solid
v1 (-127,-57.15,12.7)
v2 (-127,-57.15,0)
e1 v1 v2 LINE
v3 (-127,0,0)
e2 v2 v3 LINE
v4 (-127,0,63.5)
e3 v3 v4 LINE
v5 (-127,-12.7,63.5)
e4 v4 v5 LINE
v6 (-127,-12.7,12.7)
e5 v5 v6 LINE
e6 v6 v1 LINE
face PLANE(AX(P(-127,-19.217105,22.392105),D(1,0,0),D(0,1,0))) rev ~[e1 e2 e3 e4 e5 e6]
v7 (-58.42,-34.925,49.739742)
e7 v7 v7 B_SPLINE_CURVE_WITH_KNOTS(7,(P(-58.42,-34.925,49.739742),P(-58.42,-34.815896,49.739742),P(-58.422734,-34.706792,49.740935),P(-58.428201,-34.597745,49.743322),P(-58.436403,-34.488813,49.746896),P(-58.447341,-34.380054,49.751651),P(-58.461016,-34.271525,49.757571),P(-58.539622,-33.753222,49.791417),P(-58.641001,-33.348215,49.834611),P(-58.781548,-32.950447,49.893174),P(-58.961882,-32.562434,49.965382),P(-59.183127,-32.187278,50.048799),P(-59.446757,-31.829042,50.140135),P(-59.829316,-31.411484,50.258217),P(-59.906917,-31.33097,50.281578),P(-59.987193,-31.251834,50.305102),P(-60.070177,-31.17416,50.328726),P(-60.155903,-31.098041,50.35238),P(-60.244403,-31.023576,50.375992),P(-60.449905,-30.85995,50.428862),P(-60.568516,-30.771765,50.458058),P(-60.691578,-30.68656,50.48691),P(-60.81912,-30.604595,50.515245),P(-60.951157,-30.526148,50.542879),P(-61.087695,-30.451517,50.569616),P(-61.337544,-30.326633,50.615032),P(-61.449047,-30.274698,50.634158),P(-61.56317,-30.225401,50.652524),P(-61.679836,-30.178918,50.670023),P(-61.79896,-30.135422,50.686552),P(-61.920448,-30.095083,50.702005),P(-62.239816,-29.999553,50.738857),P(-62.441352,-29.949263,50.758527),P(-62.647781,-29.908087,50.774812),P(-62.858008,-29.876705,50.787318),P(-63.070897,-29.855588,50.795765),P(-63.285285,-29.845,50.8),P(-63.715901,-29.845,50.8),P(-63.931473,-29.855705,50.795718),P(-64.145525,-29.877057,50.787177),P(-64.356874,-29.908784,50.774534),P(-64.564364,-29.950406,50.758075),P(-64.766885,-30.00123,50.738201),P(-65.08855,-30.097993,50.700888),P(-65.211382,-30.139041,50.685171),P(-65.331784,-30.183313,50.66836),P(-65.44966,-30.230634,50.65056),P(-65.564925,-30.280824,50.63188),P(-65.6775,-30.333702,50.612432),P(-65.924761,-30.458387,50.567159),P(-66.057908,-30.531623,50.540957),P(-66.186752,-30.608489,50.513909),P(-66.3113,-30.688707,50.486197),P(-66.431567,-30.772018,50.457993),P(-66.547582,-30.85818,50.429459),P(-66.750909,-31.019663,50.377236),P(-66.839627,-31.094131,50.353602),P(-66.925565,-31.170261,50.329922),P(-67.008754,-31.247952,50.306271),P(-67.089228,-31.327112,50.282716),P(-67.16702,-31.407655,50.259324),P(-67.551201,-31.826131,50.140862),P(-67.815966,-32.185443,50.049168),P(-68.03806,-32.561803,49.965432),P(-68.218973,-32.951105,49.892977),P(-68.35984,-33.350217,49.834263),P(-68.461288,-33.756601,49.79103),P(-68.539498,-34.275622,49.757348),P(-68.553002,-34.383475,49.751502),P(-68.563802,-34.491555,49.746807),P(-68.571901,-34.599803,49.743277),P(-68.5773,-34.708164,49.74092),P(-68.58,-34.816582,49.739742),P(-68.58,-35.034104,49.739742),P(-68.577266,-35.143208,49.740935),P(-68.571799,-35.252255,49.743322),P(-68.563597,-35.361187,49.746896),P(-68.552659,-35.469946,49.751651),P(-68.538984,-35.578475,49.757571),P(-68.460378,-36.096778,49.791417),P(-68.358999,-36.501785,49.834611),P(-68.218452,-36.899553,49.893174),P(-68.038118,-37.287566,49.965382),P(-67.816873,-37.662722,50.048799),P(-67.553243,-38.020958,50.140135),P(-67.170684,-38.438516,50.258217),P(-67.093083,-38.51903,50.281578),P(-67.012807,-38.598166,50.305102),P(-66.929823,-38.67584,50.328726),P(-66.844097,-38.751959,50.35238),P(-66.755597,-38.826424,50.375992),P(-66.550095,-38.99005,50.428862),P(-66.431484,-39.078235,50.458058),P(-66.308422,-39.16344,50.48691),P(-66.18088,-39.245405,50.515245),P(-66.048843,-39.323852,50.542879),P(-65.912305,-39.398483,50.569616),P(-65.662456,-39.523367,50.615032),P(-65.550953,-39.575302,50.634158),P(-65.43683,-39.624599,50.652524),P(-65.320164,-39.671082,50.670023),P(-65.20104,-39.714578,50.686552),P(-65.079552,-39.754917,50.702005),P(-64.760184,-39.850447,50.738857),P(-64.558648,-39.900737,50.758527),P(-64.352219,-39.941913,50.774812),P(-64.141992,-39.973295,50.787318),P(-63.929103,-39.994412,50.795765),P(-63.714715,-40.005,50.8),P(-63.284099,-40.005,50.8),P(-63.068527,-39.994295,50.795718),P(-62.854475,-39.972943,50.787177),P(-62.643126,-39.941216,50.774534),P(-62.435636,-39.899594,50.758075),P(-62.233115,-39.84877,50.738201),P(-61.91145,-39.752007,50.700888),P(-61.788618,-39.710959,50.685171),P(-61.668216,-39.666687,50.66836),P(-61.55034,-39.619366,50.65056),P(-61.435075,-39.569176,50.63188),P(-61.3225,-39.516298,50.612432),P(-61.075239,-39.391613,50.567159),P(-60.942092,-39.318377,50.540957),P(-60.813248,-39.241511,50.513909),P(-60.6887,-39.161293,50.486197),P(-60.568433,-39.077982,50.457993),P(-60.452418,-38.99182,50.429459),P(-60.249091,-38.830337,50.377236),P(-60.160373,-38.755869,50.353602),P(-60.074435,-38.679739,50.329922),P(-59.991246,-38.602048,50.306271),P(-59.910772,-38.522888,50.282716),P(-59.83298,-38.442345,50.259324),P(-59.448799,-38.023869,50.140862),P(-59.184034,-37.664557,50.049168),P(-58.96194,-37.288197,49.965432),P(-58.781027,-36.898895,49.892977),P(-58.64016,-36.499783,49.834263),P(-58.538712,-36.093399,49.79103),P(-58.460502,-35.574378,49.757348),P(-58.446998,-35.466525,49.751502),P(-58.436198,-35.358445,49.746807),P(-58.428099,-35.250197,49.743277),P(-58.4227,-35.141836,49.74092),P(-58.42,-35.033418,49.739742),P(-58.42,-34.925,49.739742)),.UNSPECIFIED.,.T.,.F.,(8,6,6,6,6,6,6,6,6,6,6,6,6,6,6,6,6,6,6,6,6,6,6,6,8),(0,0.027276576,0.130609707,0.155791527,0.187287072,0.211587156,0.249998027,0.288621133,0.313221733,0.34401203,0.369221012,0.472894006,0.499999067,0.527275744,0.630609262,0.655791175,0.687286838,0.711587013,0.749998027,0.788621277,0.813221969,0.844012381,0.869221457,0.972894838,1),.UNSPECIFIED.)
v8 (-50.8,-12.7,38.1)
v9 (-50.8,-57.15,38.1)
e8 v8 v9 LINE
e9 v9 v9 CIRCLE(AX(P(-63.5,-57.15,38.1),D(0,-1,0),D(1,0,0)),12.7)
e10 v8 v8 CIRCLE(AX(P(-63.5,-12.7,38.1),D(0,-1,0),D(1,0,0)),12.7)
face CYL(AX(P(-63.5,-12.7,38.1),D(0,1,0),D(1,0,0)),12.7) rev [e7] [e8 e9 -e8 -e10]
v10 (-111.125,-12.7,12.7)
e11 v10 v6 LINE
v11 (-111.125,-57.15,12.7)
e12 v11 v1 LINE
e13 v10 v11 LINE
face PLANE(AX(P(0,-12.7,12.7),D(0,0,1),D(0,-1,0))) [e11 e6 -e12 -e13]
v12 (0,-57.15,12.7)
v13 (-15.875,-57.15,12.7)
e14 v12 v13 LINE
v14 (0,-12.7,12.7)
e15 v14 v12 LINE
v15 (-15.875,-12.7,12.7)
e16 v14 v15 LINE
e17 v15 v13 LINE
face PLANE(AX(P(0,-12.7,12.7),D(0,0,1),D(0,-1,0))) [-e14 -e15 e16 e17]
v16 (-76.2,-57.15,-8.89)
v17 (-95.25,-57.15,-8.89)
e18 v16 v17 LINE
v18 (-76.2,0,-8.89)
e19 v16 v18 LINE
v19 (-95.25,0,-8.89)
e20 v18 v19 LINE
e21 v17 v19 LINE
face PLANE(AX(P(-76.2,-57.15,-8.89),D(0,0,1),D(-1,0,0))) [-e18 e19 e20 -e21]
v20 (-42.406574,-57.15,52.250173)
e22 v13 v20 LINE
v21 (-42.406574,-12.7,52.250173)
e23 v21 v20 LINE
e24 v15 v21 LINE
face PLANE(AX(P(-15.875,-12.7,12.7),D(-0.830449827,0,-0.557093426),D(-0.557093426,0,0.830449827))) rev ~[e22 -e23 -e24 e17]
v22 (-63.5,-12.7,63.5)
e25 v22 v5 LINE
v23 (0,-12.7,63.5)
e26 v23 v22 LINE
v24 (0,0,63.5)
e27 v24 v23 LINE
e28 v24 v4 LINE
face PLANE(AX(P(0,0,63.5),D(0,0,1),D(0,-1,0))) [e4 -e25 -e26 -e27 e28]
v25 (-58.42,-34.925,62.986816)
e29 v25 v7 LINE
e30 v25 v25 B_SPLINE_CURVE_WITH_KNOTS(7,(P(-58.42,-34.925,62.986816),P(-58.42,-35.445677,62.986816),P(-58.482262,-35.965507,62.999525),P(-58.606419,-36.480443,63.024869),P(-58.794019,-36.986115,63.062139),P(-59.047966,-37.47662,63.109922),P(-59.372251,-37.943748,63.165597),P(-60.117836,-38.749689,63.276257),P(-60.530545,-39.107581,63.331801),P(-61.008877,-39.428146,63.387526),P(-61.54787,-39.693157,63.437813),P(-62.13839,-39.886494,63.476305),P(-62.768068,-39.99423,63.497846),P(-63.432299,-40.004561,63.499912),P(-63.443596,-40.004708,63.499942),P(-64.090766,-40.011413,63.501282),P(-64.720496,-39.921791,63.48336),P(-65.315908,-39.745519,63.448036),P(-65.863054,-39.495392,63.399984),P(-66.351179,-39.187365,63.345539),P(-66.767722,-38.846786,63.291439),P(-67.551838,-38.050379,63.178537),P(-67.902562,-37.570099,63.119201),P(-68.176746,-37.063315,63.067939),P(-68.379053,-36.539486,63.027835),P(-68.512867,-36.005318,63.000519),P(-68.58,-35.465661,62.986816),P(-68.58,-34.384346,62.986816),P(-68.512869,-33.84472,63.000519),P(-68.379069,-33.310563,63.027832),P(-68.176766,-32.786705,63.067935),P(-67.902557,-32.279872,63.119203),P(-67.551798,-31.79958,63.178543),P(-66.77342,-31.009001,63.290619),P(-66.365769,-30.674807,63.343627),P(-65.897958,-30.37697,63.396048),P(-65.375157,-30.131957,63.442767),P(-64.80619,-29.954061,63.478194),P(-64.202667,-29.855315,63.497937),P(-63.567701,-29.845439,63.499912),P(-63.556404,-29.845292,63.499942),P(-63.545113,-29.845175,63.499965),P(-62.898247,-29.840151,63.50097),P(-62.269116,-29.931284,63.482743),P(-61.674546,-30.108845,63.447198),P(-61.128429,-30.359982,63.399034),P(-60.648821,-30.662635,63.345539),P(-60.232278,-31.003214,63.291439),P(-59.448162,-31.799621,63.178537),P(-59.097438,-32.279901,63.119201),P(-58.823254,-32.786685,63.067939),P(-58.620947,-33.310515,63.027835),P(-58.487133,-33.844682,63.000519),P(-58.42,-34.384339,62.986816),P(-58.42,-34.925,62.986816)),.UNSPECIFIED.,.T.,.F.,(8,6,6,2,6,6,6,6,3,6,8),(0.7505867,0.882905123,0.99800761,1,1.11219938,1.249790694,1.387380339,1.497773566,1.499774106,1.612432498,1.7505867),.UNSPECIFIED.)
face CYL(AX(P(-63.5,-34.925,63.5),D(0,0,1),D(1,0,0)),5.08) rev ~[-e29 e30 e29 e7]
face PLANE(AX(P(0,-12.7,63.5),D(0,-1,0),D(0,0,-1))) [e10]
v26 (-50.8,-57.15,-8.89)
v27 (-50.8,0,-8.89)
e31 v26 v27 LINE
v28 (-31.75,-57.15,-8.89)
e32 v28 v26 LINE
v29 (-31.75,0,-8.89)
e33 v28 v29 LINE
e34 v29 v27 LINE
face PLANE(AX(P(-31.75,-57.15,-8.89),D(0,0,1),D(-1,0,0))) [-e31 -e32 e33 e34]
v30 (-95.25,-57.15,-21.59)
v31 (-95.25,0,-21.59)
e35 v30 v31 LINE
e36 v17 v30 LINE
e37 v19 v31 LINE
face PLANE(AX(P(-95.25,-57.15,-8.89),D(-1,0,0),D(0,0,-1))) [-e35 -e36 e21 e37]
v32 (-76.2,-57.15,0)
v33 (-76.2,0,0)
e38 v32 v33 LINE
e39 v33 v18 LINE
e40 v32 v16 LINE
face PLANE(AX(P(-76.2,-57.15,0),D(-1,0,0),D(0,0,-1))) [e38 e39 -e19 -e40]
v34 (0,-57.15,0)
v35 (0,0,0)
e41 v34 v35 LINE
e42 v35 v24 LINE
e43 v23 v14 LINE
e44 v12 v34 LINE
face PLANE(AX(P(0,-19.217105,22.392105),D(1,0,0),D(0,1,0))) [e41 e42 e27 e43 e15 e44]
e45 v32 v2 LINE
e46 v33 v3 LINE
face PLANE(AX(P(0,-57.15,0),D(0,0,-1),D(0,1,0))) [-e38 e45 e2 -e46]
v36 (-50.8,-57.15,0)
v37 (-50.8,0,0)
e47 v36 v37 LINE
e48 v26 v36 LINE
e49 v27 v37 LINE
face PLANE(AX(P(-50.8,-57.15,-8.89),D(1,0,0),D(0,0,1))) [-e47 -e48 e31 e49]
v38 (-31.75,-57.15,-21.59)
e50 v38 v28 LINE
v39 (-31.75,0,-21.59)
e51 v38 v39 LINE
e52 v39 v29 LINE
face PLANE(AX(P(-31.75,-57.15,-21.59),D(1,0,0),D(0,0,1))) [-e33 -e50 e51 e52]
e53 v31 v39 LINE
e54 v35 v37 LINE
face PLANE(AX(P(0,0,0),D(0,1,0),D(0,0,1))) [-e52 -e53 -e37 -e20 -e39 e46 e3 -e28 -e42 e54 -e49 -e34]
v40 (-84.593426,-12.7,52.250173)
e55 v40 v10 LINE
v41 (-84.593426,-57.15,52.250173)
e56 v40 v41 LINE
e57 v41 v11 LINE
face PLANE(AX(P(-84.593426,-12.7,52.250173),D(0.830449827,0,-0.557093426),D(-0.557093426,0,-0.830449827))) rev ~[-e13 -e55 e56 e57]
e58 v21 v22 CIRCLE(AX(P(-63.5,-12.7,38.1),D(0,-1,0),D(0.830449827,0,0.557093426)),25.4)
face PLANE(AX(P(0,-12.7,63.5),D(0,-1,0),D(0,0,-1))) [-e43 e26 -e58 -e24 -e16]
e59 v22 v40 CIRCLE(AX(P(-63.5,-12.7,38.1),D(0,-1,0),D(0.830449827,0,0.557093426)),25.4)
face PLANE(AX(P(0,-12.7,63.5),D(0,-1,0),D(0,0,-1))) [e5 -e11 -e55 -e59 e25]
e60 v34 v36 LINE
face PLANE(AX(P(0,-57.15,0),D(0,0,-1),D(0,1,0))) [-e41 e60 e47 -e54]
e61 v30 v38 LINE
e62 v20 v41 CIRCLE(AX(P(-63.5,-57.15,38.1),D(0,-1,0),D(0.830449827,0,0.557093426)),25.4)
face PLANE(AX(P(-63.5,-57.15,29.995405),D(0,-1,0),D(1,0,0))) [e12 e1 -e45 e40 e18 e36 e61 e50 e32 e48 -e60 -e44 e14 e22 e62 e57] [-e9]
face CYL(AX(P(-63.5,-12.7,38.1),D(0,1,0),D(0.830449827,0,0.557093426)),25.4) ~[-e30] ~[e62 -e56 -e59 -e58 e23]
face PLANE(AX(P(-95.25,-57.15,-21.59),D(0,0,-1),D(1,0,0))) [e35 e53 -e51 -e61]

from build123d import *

# Parameters (mm, degrees)
F1_DEPTH = 127
F3_DEPTH = 57.15
F4_R     = 12.7
F5_DEPTH = 44.45
F6_R     = 5.08
F7_DEPTH = 13.7612578348


with BuildPart() as f1:
    # F0 (on Right) → F1 (new body)
    with BuildSketch(Plane.YZ):
        Polygon((-57.15, 0), (0, 0), (0, 63.5), (-12.7, 63.5), (-12.7, 12.7), (-57.15, 12.7), align=None)
    extrude(amount=-F1_DEPTH)

    # F2 (on face) → F3 (join)
    with BuildSketch(Plane.XZ.offset(57.15)):
        Polygon((-50.8, 0), (-63.5, 0), (-76.2, 0), (-76.2, -8.89), (-95.25, -8.89), (-95.25, -21.59), (-31.75, -21.59), (-31.75, -8.89), (-50.8, -8.89), align=None)
    extrude(amount=-F3_DEPTH)

    # F4 (on face) → F5 (join, through all)
    with BuildSketch(Plane.XZ.offset(12.7)):
        with BuildLine():
            Line((-111.125, 12.7), (-15.875, 12.7))
            Line((-15.875, 12.7), (-42.4065743945, 52.2501730104))
            ThreePointArc((-42.4065743945, 52.2501730104), (-63.5, 63.5), (-84.5934256055, 52.2501730104))
            Line((-84.5934256055, 52.2501730104), (-111.125, 12.7))
        make_face()
        with Locations((-63.5, 38.1)):
            Circle(F4_R, mode=Mode.SUBTRACT)
    extrude(amount=F5_DEPTH)

    # F6 (on face) → F7 (cut, through all)
    with BuildSketch(Plane.XY.offset(63.5)):
        with Locations((-63.5, -34.925)):
            Circle(F6_R)
    extrude(amount=-F7_DEPTH, mode=Mode.SUBTRACT)


solid = f1.part
